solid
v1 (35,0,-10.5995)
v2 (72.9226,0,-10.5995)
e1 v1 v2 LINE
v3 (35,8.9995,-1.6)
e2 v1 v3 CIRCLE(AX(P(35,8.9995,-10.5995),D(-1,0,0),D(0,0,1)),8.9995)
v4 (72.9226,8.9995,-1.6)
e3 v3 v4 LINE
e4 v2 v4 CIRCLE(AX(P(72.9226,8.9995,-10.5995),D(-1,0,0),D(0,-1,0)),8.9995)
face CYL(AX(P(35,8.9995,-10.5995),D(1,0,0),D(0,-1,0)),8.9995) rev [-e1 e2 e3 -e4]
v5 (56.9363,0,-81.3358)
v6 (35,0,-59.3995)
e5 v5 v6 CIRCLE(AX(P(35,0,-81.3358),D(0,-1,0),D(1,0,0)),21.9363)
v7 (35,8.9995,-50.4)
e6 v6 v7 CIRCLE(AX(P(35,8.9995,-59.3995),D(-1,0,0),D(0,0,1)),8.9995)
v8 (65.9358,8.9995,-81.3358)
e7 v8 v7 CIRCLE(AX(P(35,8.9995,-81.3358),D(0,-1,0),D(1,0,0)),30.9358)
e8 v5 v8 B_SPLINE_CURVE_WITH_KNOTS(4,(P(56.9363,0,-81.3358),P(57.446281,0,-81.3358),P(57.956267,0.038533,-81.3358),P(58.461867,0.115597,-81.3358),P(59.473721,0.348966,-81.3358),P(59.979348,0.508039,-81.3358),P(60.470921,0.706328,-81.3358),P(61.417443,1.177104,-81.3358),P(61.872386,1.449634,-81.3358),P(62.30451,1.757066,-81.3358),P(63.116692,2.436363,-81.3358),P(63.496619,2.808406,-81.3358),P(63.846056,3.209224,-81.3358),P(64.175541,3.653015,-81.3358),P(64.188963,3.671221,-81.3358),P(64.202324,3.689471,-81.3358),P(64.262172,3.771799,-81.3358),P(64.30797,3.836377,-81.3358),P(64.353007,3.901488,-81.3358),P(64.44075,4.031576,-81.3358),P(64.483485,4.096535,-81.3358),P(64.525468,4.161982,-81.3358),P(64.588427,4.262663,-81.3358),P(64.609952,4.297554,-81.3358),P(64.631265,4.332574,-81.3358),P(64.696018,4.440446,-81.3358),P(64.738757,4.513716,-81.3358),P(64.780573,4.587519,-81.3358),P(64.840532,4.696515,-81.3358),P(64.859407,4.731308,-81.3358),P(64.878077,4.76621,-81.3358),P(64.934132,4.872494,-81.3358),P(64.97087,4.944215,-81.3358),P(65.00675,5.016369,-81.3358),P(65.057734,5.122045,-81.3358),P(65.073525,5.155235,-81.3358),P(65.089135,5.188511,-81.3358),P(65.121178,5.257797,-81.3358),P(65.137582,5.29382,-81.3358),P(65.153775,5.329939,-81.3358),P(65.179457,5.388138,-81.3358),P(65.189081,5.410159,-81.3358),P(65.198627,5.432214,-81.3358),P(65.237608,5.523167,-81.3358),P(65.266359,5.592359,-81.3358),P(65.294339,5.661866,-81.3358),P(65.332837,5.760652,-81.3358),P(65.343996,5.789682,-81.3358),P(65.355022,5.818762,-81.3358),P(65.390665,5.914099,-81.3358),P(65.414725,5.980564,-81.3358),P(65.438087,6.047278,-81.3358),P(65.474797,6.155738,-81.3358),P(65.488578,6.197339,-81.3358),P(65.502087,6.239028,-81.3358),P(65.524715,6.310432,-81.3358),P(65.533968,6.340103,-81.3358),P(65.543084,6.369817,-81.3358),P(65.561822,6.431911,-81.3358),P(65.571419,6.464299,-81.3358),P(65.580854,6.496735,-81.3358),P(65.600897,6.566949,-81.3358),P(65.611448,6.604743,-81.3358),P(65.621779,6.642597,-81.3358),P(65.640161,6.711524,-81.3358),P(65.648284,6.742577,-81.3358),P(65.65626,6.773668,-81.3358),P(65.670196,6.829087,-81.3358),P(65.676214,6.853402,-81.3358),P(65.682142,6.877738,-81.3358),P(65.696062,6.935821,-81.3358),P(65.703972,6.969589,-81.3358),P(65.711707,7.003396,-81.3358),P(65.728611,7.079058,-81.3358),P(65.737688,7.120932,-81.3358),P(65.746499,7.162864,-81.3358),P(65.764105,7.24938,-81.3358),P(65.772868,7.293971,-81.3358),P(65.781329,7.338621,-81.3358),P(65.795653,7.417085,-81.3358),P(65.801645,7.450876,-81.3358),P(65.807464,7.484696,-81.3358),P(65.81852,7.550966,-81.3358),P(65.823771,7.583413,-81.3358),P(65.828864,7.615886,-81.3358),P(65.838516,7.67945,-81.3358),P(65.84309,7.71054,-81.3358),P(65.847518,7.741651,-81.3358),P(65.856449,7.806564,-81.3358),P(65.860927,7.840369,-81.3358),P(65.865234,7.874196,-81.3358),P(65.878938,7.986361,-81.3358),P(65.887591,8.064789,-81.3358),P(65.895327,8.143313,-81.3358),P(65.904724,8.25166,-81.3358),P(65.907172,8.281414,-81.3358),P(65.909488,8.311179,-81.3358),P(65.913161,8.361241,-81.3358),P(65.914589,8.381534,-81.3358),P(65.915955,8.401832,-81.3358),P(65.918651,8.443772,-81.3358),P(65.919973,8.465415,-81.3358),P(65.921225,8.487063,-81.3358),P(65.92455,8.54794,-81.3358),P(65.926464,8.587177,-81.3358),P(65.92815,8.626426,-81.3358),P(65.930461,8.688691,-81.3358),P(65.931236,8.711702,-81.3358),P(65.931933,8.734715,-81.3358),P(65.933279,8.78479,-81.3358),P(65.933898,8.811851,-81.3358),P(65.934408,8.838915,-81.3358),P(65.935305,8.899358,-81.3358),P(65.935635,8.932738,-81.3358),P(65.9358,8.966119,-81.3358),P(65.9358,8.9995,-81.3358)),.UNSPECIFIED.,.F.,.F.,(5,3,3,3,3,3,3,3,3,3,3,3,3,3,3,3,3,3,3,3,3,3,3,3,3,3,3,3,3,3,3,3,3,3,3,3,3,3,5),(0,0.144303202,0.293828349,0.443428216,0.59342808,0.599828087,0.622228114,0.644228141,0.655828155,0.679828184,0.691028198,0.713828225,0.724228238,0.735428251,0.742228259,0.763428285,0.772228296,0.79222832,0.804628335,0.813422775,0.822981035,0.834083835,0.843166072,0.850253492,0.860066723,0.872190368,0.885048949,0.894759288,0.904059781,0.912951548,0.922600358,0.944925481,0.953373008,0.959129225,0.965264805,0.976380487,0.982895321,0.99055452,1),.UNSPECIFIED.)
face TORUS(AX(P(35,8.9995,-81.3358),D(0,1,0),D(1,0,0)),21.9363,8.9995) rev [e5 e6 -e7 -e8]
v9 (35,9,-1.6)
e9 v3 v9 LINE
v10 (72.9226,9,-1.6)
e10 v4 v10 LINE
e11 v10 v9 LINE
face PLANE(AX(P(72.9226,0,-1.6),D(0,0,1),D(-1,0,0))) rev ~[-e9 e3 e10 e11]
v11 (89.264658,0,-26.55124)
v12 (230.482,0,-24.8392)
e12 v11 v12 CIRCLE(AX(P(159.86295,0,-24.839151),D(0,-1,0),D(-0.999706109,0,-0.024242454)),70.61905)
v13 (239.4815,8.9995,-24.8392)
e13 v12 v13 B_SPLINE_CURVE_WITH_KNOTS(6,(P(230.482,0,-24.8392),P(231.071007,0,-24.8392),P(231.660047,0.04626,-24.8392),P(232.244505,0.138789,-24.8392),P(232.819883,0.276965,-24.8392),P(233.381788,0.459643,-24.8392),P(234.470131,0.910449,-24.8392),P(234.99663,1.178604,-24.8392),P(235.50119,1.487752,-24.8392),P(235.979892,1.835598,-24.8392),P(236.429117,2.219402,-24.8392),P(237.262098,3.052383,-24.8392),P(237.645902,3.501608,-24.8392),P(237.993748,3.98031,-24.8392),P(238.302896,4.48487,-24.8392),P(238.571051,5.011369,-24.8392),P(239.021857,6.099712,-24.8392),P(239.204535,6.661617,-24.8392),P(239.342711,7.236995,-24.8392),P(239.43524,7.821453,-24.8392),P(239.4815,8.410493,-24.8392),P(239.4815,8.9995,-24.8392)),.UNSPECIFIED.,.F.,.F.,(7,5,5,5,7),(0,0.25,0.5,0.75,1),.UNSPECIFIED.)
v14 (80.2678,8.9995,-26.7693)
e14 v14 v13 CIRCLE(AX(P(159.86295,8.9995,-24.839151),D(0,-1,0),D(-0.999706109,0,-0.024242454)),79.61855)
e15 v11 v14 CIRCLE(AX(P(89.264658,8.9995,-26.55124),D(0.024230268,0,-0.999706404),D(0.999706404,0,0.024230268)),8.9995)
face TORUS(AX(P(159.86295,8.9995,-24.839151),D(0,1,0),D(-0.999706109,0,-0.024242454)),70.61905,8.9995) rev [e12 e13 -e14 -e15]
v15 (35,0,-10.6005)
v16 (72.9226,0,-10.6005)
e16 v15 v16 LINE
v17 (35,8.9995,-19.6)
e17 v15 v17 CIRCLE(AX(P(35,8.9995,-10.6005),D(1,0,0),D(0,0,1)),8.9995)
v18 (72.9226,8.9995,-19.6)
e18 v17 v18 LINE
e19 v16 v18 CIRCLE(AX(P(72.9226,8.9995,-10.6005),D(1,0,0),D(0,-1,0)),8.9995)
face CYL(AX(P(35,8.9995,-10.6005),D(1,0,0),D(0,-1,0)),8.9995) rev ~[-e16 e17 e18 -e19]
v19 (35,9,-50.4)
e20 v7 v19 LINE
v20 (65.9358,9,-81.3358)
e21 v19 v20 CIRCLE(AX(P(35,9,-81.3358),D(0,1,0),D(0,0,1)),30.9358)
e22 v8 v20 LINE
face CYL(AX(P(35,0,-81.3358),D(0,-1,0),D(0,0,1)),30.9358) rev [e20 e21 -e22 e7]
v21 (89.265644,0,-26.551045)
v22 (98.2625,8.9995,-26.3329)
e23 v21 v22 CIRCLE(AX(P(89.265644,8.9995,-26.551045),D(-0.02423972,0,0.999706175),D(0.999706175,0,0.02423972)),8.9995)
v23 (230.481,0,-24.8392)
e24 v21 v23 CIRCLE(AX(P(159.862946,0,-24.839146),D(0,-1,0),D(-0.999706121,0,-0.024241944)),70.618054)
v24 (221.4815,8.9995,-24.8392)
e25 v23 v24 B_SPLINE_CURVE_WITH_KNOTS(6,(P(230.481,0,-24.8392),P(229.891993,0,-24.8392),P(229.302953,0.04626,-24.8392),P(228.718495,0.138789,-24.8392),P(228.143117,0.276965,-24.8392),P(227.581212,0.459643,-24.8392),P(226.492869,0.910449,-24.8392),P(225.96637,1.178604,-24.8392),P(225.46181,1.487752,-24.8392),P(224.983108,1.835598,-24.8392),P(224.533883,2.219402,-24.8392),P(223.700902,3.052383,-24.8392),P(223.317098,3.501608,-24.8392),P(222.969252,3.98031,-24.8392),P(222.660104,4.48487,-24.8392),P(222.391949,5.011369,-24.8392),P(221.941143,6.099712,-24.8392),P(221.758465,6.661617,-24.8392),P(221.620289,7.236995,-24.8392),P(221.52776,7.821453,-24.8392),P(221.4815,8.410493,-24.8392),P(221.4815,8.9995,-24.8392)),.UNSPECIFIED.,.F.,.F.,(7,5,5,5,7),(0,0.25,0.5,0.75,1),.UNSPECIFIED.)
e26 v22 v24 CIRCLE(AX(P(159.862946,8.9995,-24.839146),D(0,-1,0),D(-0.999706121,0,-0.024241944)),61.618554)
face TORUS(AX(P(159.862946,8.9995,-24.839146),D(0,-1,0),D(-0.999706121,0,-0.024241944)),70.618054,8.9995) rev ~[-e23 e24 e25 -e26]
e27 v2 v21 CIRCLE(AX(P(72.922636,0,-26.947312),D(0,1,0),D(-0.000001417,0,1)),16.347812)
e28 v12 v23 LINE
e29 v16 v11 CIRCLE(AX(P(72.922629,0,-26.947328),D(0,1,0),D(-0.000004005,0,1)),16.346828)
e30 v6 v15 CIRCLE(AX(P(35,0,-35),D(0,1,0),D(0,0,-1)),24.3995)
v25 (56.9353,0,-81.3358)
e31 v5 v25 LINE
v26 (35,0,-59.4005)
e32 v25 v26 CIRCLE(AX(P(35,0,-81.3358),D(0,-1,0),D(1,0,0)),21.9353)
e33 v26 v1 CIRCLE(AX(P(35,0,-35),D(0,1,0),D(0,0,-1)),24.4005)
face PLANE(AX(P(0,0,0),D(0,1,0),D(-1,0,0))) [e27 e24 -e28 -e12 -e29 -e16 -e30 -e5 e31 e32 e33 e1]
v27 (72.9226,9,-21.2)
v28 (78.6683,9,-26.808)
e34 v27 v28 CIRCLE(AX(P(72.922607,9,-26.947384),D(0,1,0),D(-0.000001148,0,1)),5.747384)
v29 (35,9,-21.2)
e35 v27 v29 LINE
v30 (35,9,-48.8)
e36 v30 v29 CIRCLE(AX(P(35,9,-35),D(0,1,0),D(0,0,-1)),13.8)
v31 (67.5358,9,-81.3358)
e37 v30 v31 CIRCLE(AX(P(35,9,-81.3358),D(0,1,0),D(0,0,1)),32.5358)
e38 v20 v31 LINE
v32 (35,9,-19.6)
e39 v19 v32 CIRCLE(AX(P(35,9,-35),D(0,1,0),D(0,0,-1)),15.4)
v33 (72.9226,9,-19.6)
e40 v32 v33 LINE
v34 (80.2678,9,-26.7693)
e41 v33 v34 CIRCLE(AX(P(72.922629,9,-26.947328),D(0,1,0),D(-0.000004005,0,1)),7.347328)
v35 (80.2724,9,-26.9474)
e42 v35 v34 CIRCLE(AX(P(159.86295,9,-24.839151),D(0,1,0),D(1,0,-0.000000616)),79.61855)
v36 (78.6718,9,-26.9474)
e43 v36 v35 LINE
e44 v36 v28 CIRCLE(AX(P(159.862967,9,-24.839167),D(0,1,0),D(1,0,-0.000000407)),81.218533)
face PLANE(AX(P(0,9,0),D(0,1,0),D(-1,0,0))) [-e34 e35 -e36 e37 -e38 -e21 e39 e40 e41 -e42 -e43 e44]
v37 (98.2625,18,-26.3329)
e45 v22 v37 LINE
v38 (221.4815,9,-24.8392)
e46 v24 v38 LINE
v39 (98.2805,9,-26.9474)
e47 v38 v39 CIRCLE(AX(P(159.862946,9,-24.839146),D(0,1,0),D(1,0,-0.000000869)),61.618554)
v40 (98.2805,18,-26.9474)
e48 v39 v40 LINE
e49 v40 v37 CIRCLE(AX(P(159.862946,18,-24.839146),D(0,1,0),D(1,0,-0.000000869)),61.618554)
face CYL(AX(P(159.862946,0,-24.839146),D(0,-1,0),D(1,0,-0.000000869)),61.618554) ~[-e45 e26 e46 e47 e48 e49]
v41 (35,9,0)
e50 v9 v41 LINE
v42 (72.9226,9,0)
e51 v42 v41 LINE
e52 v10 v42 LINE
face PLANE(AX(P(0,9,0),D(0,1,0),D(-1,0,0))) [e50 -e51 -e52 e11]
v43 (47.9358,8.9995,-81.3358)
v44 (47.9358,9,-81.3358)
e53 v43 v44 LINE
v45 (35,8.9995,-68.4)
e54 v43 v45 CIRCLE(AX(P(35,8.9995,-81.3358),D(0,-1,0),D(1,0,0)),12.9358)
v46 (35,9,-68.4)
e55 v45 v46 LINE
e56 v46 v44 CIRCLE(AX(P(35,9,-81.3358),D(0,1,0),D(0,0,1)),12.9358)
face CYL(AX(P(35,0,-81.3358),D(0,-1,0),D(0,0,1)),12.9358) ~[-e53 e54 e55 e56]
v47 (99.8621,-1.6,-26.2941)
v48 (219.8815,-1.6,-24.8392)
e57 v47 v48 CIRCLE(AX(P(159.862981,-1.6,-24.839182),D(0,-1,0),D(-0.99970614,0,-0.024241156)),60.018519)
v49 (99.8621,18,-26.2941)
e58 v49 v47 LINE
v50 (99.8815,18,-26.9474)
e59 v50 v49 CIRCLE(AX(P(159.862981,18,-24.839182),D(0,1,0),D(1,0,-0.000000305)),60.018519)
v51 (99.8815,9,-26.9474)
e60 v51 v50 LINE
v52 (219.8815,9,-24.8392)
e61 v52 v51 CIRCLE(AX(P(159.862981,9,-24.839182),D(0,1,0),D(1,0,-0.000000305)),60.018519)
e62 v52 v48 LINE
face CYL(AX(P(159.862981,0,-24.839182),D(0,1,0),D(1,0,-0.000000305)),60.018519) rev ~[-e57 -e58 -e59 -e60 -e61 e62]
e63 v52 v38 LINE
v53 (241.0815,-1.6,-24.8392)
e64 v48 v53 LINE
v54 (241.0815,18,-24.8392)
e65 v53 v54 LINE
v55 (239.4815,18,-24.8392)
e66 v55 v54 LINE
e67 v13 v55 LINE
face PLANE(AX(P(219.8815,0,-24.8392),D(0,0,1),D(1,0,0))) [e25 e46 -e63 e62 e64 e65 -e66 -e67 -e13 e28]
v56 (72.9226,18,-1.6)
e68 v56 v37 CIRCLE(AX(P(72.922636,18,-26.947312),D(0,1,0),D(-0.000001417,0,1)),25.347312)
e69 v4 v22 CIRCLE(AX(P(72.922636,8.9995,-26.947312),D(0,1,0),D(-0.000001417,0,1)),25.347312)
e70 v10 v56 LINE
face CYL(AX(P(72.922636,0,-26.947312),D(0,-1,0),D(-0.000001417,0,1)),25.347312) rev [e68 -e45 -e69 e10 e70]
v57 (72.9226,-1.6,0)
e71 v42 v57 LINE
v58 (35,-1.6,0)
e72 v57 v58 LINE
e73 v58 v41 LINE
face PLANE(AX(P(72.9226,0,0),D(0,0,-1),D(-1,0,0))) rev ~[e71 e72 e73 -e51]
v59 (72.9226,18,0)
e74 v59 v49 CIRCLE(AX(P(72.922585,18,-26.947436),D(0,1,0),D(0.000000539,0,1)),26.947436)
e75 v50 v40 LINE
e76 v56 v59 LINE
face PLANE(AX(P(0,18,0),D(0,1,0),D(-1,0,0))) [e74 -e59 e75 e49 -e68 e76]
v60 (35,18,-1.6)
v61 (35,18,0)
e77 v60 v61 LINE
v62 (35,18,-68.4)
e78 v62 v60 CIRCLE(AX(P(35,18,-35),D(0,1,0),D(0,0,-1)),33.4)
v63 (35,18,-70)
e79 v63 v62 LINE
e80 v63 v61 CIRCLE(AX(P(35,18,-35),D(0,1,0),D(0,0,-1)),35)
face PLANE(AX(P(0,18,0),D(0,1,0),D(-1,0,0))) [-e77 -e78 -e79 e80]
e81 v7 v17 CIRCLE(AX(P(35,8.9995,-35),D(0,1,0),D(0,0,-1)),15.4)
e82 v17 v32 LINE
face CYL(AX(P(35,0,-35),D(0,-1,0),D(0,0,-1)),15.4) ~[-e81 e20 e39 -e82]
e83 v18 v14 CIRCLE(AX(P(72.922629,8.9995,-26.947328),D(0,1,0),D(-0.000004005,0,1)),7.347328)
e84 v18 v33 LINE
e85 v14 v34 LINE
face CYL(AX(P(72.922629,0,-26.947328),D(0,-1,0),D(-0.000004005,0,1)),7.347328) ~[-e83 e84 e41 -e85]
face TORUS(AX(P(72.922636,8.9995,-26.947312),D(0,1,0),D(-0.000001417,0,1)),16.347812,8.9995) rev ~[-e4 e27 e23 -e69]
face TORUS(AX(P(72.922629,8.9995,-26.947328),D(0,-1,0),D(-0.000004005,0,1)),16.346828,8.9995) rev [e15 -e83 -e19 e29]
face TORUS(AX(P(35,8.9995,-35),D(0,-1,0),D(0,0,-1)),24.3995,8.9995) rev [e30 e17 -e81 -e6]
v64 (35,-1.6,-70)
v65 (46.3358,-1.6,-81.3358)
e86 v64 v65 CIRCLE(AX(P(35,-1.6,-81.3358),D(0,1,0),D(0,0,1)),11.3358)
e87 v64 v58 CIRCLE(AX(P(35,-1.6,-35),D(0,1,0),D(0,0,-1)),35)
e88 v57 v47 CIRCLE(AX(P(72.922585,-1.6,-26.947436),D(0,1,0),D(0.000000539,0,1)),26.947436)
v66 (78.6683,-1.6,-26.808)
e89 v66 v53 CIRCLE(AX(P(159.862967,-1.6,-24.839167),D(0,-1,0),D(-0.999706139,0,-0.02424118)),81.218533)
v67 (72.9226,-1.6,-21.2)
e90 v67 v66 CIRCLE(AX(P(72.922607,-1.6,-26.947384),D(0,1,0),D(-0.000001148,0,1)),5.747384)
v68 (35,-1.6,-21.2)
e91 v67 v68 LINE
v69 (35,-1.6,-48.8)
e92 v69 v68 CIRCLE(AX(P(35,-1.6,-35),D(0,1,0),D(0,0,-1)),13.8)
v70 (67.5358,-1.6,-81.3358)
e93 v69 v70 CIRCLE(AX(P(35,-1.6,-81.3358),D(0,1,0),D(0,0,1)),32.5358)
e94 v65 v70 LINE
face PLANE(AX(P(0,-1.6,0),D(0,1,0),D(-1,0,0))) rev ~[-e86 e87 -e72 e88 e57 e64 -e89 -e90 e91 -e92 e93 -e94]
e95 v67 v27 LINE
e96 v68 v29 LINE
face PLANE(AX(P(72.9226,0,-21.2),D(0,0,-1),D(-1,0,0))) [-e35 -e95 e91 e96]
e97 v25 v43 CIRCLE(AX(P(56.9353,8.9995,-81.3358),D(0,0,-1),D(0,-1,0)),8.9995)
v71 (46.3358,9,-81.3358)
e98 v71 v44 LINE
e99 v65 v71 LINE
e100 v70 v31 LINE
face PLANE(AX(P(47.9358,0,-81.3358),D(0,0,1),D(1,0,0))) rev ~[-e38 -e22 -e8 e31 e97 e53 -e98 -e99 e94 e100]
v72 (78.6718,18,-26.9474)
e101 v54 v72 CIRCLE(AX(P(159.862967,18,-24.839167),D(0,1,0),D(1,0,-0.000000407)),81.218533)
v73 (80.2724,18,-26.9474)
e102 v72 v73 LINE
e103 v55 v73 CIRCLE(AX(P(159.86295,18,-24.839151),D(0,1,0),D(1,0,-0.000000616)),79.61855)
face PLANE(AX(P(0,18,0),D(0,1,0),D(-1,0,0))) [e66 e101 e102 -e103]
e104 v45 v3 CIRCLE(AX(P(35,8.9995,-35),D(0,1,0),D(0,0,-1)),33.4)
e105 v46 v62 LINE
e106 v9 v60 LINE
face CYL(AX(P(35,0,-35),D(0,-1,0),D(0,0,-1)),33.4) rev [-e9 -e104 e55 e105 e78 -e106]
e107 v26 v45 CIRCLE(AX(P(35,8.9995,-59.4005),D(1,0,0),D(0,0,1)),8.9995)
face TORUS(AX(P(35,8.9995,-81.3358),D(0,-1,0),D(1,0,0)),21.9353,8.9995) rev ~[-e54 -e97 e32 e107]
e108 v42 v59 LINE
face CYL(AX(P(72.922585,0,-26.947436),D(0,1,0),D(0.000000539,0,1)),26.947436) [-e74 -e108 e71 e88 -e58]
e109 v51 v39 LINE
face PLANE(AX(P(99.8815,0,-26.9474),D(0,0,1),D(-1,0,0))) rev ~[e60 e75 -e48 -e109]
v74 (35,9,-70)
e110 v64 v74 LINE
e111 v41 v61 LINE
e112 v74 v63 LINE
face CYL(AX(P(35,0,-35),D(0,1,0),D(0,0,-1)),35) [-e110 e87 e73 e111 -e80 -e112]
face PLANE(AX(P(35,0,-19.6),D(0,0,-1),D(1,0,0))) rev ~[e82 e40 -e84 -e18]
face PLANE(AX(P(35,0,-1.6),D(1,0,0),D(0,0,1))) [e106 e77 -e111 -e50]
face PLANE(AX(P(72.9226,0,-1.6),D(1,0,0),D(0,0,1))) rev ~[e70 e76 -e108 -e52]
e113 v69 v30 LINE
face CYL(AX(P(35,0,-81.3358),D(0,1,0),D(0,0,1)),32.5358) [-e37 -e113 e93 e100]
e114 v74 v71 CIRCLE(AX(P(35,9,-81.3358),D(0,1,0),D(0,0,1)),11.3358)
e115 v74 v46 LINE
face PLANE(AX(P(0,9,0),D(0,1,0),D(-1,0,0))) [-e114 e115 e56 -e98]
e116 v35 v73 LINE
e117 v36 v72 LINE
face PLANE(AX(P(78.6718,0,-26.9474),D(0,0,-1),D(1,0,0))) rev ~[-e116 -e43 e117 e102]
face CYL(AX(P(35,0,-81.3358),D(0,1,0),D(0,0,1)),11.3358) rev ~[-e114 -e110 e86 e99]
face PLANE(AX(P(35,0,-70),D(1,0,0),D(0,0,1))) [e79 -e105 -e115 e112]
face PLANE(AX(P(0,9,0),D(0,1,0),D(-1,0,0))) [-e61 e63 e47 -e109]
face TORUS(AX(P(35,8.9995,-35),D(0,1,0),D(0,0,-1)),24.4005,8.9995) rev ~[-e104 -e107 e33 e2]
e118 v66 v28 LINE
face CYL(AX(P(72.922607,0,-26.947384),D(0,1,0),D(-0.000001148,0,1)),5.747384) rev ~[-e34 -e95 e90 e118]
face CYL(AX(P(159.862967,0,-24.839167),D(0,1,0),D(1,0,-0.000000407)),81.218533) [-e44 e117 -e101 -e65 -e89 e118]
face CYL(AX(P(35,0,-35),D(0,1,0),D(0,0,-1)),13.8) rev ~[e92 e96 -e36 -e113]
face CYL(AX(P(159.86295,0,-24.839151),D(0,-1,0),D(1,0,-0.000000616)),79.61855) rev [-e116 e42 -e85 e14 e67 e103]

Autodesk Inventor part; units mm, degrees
ref_plane "YZ Plane" through (0, 0, 0) normal (1, 0, 0) x (0, 1, 0)
ref_plane "XZ Plane" through (0, 0, 0) normal (0, 1, 0) x (-1, 0, 0)
ref_plane "XY Plane" through (0, 0, 0) normal (0, 0, 1) x (1, 0, 0)
sketch "Esboço1" plane through (0, 0, 0) normal (0, 1, 0) x (-1, 0, 0)
  arc A0 (-221.4815, -24.8392) -> (-98.2625, -26.3329) centre (-159.863, -24.8392) ccw
  arc A1 (-72.9226, -1.6) -> (-98.2625, -26.3329) centre (-72.9226, -26.9474) ccw
  line L0 (-72.9226, -1.6) -> (-35, -1.6)
  arc A2 (-35, -68.4) -> (-35, -1.6) centre (-35, -35) ccw
  arc A3 (-35, -68.4) -> (-47.9358, -81.3358) centre (-35, -81.3358) ccw
  arc A4 (-35, -50.4) -> (-65.9358, -81.3358) centre (-35, -81.3358) ccw
  arc A5 (-35, -50.4) -> (-35, -19.6) centre (-35, -35) ccw
  line L1 (-35, -19.6) -> (-72.9226, -19.6)
  arc A6 (-72.9226, -19.6) -> (-80.2678, -26.7693) centre (-72.9226, -26.9474) ccw
  arc A7 (-239.4815, -24.8392) -> (-80.2678, -26.7693) centre (-159.863, -24.8392) ccw
  arc A8 (-241.0815, -24.8392) -> (-78.6683, -26.808) centre (-159.863, -24.8392) ccw
  arc A9 (-72.9226, -21.2) -> (-78.6683, -26.808) centre (-72.9226, -26.9474) ccw
  line L2 (-72.9226, -21.2) -> (-35, -21.2)
  arc A10 (-35, -48.8) -> (-35, -21.2) centre (-35, -35) ccw
  arc A11 (-35, -48.8) -> (-67.5358, -81.3358) centre (-35, -81.3358) ccw
  arc A12 (-219.8815, -24.8392) -> (-99.8621, -26.2941) centre (-159.863, -24.8392) ccw
  arc A13 (-72.9226, 0) -> (-99.8621, -26.2941) centre (-72.9226, -26.9474) ccw
  line L3 (-72.9226, 0) -> (-35, 0)
  arc A14 (-35, -70) -> (-35, 0) centre (-35, -35) ccw
  arc A15 (-35, -70) -> (-46.3358, -81.3358) centre (-35, -81.3358) ccw
  line L4 (-219.8815, -24.8392) -> (-241.0815, -24.8392)
  line L5 (-46.3358, -81.3358) -> (-67.5358, -81.3358)
  line L6 (-78.6718, -26.9474) -> (-80.2724, -26.9474)
  line L7 (-99.8815, -26.9474) -> (-98.2805, -26.9474)
  line L8 (-35, -1.6) -> (-35, 0)
  line L9 (-35, -70) -> (-35, -68.4)
  line L10 (-72.9226, -1.6) -> (-72.9226, 0)
  point P0 (0, 0)
  point P1 (-53.9613, -19.6)
  point P2 (-35, -69.2)
  point P3 (-35, -0.8)
  point P4 (-79.4721, -26.9474)
  point P5 (-99.081, -26.9474)
  point P6 (-239.4815, -24.8392)
  point P7 (-35, -68.4)
  point P8 (-35, -70)
  point P9 (0, -35)
  point P10 (-53.9613, 0)
  dimension "d10" = 18
  dimension "d11" = 30.8
  dimension "d12" = 1.6
  dimension "d13" = 1.6
  dimension "d21" = 120
extrude "Extrusão1" add sketch "Esboço1" against normal blind 1.6
extrude "Extrusão2" add sketch "Esboço1" along normal blind 18 contours L7 A12 A13 L10 A1 A0 | A7 L6 A8 L4 | L8 A14 L9 A2
extrude "Extrusão3" add sketch "Esboço1" along normal blind 9 contours L4 A12 L7 A0 | A7 A6 L1 A5 A4 L5 A11 A10 L2 A9 A8 L6 | L10 L3 L8 L0 | L9 A15 L5 A3
fillet "Arredondamento1" radius 9 8 edges at (78.0546, 0, -21.6894) (53.9613, 0, -19.6) (19.6, 0, -35) (56.8749, 0, -59.4609) (160.828, 0, -104.4519) (90.6273, 0, -8.8081) (1.6, 0, -35) (53.9613, 0, -1.6)
equation "\"d10\" = Esfera"
equation "\"d12\" = Margem"
equation "\"d13\" = Margem"
equation "\"Esfera\" = 18"
equation "\"Margem\" = 1.6"
properties part number "Agrupar bolinhas novamente"
